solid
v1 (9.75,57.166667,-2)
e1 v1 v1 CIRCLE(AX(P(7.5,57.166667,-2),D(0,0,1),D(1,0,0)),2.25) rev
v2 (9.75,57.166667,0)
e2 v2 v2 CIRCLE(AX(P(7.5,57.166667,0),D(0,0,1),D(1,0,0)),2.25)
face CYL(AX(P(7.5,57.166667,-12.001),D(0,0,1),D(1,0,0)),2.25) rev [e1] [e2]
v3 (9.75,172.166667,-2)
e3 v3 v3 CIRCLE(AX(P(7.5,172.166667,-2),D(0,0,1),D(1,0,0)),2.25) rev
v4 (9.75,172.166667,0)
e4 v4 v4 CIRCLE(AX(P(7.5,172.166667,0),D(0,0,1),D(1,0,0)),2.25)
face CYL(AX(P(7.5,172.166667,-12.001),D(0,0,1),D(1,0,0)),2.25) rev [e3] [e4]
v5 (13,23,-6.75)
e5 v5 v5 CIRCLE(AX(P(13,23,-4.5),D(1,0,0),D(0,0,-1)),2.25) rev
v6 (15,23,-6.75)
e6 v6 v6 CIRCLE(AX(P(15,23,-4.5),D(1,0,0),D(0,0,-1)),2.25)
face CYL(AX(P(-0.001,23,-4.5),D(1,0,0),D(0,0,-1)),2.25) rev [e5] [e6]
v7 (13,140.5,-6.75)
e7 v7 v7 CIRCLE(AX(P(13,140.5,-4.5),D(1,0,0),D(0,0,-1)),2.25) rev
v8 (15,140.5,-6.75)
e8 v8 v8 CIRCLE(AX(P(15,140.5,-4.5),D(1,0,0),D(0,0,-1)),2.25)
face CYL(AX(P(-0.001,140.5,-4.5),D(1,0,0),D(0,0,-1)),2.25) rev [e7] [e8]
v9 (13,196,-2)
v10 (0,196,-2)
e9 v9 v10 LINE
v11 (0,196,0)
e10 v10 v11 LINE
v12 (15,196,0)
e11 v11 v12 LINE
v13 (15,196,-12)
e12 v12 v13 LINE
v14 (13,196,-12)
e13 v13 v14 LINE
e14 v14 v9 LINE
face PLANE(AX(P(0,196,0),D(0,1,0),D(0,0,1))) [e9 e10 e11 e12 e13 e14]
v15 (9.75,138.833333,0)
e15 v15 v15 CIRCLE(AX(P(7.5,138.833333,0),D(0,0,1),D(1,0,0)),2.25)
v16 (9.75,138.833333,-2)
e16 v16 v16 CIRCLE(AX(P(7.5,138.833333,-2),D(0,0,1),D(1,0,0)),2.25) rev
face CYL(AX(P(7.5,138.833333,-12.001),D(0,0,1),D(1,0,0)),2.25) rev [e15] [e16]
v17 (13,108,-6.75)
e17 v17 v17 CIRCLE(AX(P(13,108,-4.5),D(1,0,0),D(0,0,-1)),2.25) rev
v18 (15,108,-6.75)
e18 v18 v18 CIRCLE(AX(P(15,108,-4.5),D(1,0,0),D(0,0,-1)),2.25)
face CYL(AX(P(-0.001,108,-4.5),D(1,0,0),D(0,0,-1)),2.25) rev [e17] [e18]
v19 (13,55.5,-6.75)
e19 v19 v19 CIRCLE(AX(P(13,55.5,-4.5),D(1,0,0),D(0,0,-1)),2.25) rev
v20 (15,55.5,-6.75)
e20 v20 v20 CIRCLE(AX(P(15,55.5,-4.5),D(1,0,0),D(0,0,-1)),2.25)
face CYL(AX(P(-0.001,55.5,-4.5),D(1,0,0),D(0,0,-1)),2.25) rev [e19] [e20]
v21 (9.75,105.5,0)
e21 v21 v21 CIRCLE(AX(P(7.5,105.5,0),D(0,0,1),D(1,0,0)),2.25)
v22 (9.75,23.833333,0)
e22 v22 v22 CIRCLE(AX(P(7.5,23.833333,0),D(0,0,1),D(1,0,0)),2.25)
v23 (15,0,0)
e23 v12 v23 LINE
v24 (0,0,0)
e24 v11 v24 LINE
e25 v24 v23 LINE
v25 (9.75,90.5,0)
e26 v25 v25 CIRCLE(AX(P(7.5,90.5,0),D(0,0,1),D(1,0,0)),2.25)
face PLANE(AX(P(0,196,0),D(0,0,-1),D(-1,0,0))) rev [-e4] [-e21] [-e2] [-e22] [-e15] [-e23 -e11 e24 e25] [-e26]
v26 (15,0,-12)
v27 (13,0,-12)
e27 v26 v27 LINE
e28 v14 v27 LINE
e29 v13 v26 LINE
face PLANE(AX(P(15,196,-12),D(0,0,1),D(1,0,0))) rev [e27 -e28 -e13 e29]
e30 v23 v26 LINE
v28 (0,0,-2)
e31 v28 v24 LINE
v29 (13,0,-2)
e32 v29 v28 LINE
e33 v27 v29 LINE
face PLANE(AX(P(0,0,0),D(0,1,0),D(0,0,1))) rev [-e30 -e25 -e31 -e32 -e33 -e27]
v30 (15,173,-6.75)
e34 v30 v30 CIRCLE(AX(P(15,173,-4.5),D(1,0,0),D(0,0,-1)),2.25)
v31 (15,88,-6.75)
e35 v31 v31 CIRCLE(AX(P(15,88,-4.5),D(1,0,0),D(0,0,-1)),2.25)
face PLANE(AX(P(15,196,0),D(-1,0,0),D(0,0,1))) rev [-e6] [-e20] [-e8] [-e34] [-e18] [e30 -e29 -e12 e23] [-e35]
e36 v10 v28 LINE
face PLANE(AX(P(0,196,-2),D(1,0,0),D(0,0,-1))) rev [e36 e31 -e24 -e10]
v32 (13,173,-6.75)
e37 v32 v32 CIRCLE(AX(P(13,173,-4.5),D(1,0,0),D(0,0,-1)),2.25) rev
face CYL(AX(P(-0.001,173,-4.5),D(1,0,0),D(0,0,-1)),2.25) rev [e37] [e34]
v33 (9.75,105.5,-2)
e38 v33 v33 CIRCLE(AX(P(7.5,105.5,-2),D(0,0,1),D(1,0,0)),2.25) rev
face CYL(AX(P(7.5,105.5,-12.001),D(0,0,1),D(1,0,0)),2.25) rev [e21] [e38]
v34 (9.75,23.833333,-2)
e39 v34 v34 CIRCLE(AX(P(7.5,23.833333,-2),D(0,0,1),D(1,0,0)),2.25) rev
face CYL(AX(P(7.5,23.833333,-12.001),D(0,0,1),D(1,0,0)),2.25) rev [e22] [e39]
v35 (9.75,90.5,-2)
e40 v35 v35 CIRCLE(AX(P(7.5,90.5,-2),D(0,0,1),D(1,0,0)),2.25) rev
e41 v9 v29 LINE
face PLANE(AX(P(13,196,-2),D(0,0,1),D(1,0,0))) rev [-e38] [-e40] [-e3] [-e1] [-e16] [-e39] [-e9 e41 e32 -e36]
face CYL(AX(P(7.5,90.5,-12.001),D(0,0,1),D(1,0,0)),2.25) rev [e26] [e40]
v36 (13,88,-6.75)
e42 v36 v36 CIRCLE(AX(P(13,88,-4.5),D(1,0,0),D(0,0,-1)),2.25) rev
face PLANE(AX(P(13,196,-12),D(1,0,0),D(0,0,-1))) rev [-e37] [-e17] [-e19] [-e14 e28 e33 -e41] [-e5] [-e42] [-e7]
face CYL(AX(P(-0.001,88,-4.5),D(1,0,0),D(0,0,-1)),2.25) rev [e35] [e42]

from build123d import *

# Parameters (mm, degrees)
BOSS_EXTRUDE1_DEPTH = 196
CUT_EXTRUDE4_REACH  = 17
SKETCH5_R           = 2.25
CUT_EXTRUDE5_REACH  = 14
SKETCH6_R           = 2.25


with BuildPart() as part:
    # Sketch1 → Boss-Extrude1 (new body)
    with BuildSketch(Plane(origin=(0, 0, 0), x_dir=(1, 0, 0), z_dir=(0, 1, 0))):
        Polygon((0, 0), (15, 0), (15, 12), (13, 12), (13, 2), (0, 2), align=None)
    extrude(amount=BOSS_EXTRUDE1_DEPTH)

    # Sketch5 → Cut-Extrude4 (cut, up to next)
    with BuildSketch(Plane(origin=(15, 0, 0), x_dir=(0, 0, -1), z_dir=(1, 0, 0)), mode=Mode.PRIVATE) as cut_extrude4_sk1:
        with Locations((4.5, 23)):
            Circle(SKETCH5_R)
    cut_extrude4_tool1 = extrude(cut_extrude4_sk1.sketch, amount=-CUT_EXTRUDE4_REACH, mode=Mode.PRIVATE) & part.part
    add(cut_extrude4_tool1.solids().sort_by_distance((15, 23, -4.5))[0], mode=Mode.SUBTRACT)
    # Sketch5 → Cut-Extrude4 (cut, up to next)
    with BuildSketch(Plane(origin=(15, 0, 0), x_dir=(0, 0, -1), z_dir=(1, 0, 0)), mode=Mode.PRIVATE) as cut_extrude4_sk2:
        with Locations((4.5, 55.5)):
            Circle(SKETCH5_R)
    cut_extrude4_tool2 = extrude(cut_extrude4_sk2.sketch, amount=-CUT_EXTRUDE4_REACH, mode=Mode.PRIVATE) & part.part
    add(cut_extrude4_tool2.solids().sort_by_distance((15, 55.5, -4.5))[0], mode=Mode.SUBTRACT)
    # Sketch5 → Cut-Extrude4 (cut, up to next)
    with BuildSketch(Plane(origin=(15, 0, 0), x_dir=(0, 0, -1), z_dir=(1, 0, 0)), mode=Mode.PRIVATE) as cut_extrude4_sk3:
        with Locations((4.5, 88)):
            Circle(SKETCH5_R)
    cut_extrude4_tool3 = extrude(cut_extrude4_sk3.sketch, amount=-CUT_EXTRUDE4_REACH, mode=Mode.PRIVATE) & part.part
    add(cut_extrude4_tool3.solids().sort_by_distance((15, 88, -4.5))[0], mode=Mode.SUBTRACT)
    # Sketch5 → Cut-Extrude4 (cut, up to next)
    with BuildSketch(Plane(origin=(15, 0, 0), x_dir=(0, 0, -1), z_dir=(1, 0, 0)), mode=Mode.PRIVATE) as cut_extrude4_sk4:
        with Locations((4.5, 108)):
            Circle(SKETCH5_R)
    cut_extrude4_tool4 = extrude(cut_extrude4_sk4.sketch, amount=-CUT_EXTRUDE4_REACH, mode=Mode.PRIVATE) & part.part
    add(cut_extrude4_tool4.solids().sort_by_distance((15, 108, -4.5))[0], mode=Mode.SUBTRACT)
    # Sketch5 → Cut-Extrude4 (cut, up to next)
    with BuildSketch(Plane(origin=(15, 0, 0), x_dir=(0, 0, -1), z_dir=(1, 0, 0)), mode=Mode.PRIVATE) as cut_extrude4_sk5:
        with Locations((4.5, 140.5)):
            Circle(SKETCH5_R)
    cut_extrude4_tool5 = extrude(cut_extrude4_sk5.sketch, amount=-CUT_EXTRUDE4_REACH, mode=Mode.PRIVATE) & part.part
    add(cut_extrude4_tool5.solids().sort_by_distance((15, 140.5, -4.5))[0], mode=Mode.SUBTRACT)
    # Sketch5 → Cut-Extrude4 (cut, up to next)
    with BuildSketch(Plane(origin=(15, 0, 0), x_dir=(0, 0, -1), z_dir=(1, 0, 0)), mode=Mode.PRIVATE) as cut_extrude4_sk6:
        with Locations((4.5, 173)):
            Circle(SKETCH5_R)
    cut_extrude4_tool6 = extrude(cut_extrude4_sk6.sketch, amount=-CUT_EXTRUDE4_REACH, mode=Mode.PRIVATE) & part.part
    add(cut_extrude4_tool6.solids().sort_by_distance((15, 173, -4.5))[0], mode=Mode.SUBTRACT)

    # Sketch6 → Cut-Extrude5 (cut, up to next)
    with BuildSketch(Plane.XY, mode=Mode.PRIVATE) as cut_extrude5_sk1:
        with Locations((7.5, 23.833333333)):
            Circle(SKETCH6_R)
    cut_extrude5_tool1 = extrude(cut_extrude5_sk1.sketch, amount=-CUT_EXTRUDE5_REACH, mode=Mode.PRIVATE) & part.part
    add(cut_extrude5_tool1.solids().sort_by_distance((7.5, 23.833333, 0))[0], mode=Mode.SUBTRACT)
    # Sketch6 → Cut-Extrude5 (cut, up to next)
    with BuildSketch(Plane.XY, mode=Mode.PRIVATE) as cut_extrude5_sk2:
        with Locations((7.5, 57.166666667)):
            Circle(SKETCH6_R)
    cut_extrude5_tool2 = extrude(cut_extrude5_sk2.sketch, amount=-CUT_EXTRUDE5_REACH, mode=Mode.PRIVATE) & part.part
    add(cut_extrude5_tool2.solids().sort_by_distance((7.5, 57.166667, 0))[0], mode=Mode.SUBTRACT)
    # Sketch6 → Cut-Extrude5 (cut, up to next)
    with BuildSketch(Plane.XY, mode=Mode.PRIVATE) as cut_extrude5_sk3:
        with Locations((7.5, 90.5)):
            Circle(SKETCH6_R)
    cut_extrude5_tool3 = extrude(cut_extrude5_sk3.sketch, amount=-CUT_EXTRUDE5_REACH, mode=Mode.PRIVATE) & part.part
    add(cut_extrude5_tool3.solids().sort_by_distance((7.5, 90.5, 0))[0], mode=Mode.SUBTRACT)
    # Sketch6 → Cut-Extrude5 (cut, up to next)
    with BuildSketch(Plane.XY, mode=Mode.PRIVATE) as cut_extrude5_sk4:
        with Locations((7.5, 105.5)):
            Circle(SKETCH6_R)
    cut_extrude5_tool4 = extrude(cut_extrude5_sk4.sketch, amount=-CUT_EXTRUDE5_REACH, mode=Mode.PRIVATE) & part.part
    add(cut_extrude5_tool4.solids().sort_by_distance((7.5, 105.5, 0))[0], mode=Mode.SUBTRACT)
    # Sketch6 → Cut-Extrude5 (cut, up to next)
    with BuildSketch(Plane.XY, mode=Mode.PRIVATE) as cut_extrude5_sk5:
        with Locations((7.5, 138.833333333)):
            Circle(SKETCH6_R)
    cut_extrude5_tool5 = extrude(cut_extrude5_sk5.sketch, amount=-CUT_EXTRUDE5_REACH, mode=Mode.PRIVATE) & part.part
    add(cut_extrude5_tool5.solids().sort_by_distance((7.5, 138.833333, 0))[0], mode=Mode.SUBTRACT)
    # Sketch6 → Cut-Extrude5 (cut, up to next)
    with BuildSketch(Plane.XY, mode=Mode.PRIVATE) as cut_extrude5_sk6:
        with Locations((7.5, 172.166666667)):
            Circle(SKETCH6_R)
    cut_extrude5_tool6 = extrude(cut_extrude5_sk6.sketch, amount=-CUT_EXTRUDE5_REACH, mode=Mode.PRIVATE) & part.part
    add(cut_extrude5_tool6.solids().sort_by_distance((7.5, 172.166667, 0))[0], mode=Mode.SUBTRACT)


solid = part.part
